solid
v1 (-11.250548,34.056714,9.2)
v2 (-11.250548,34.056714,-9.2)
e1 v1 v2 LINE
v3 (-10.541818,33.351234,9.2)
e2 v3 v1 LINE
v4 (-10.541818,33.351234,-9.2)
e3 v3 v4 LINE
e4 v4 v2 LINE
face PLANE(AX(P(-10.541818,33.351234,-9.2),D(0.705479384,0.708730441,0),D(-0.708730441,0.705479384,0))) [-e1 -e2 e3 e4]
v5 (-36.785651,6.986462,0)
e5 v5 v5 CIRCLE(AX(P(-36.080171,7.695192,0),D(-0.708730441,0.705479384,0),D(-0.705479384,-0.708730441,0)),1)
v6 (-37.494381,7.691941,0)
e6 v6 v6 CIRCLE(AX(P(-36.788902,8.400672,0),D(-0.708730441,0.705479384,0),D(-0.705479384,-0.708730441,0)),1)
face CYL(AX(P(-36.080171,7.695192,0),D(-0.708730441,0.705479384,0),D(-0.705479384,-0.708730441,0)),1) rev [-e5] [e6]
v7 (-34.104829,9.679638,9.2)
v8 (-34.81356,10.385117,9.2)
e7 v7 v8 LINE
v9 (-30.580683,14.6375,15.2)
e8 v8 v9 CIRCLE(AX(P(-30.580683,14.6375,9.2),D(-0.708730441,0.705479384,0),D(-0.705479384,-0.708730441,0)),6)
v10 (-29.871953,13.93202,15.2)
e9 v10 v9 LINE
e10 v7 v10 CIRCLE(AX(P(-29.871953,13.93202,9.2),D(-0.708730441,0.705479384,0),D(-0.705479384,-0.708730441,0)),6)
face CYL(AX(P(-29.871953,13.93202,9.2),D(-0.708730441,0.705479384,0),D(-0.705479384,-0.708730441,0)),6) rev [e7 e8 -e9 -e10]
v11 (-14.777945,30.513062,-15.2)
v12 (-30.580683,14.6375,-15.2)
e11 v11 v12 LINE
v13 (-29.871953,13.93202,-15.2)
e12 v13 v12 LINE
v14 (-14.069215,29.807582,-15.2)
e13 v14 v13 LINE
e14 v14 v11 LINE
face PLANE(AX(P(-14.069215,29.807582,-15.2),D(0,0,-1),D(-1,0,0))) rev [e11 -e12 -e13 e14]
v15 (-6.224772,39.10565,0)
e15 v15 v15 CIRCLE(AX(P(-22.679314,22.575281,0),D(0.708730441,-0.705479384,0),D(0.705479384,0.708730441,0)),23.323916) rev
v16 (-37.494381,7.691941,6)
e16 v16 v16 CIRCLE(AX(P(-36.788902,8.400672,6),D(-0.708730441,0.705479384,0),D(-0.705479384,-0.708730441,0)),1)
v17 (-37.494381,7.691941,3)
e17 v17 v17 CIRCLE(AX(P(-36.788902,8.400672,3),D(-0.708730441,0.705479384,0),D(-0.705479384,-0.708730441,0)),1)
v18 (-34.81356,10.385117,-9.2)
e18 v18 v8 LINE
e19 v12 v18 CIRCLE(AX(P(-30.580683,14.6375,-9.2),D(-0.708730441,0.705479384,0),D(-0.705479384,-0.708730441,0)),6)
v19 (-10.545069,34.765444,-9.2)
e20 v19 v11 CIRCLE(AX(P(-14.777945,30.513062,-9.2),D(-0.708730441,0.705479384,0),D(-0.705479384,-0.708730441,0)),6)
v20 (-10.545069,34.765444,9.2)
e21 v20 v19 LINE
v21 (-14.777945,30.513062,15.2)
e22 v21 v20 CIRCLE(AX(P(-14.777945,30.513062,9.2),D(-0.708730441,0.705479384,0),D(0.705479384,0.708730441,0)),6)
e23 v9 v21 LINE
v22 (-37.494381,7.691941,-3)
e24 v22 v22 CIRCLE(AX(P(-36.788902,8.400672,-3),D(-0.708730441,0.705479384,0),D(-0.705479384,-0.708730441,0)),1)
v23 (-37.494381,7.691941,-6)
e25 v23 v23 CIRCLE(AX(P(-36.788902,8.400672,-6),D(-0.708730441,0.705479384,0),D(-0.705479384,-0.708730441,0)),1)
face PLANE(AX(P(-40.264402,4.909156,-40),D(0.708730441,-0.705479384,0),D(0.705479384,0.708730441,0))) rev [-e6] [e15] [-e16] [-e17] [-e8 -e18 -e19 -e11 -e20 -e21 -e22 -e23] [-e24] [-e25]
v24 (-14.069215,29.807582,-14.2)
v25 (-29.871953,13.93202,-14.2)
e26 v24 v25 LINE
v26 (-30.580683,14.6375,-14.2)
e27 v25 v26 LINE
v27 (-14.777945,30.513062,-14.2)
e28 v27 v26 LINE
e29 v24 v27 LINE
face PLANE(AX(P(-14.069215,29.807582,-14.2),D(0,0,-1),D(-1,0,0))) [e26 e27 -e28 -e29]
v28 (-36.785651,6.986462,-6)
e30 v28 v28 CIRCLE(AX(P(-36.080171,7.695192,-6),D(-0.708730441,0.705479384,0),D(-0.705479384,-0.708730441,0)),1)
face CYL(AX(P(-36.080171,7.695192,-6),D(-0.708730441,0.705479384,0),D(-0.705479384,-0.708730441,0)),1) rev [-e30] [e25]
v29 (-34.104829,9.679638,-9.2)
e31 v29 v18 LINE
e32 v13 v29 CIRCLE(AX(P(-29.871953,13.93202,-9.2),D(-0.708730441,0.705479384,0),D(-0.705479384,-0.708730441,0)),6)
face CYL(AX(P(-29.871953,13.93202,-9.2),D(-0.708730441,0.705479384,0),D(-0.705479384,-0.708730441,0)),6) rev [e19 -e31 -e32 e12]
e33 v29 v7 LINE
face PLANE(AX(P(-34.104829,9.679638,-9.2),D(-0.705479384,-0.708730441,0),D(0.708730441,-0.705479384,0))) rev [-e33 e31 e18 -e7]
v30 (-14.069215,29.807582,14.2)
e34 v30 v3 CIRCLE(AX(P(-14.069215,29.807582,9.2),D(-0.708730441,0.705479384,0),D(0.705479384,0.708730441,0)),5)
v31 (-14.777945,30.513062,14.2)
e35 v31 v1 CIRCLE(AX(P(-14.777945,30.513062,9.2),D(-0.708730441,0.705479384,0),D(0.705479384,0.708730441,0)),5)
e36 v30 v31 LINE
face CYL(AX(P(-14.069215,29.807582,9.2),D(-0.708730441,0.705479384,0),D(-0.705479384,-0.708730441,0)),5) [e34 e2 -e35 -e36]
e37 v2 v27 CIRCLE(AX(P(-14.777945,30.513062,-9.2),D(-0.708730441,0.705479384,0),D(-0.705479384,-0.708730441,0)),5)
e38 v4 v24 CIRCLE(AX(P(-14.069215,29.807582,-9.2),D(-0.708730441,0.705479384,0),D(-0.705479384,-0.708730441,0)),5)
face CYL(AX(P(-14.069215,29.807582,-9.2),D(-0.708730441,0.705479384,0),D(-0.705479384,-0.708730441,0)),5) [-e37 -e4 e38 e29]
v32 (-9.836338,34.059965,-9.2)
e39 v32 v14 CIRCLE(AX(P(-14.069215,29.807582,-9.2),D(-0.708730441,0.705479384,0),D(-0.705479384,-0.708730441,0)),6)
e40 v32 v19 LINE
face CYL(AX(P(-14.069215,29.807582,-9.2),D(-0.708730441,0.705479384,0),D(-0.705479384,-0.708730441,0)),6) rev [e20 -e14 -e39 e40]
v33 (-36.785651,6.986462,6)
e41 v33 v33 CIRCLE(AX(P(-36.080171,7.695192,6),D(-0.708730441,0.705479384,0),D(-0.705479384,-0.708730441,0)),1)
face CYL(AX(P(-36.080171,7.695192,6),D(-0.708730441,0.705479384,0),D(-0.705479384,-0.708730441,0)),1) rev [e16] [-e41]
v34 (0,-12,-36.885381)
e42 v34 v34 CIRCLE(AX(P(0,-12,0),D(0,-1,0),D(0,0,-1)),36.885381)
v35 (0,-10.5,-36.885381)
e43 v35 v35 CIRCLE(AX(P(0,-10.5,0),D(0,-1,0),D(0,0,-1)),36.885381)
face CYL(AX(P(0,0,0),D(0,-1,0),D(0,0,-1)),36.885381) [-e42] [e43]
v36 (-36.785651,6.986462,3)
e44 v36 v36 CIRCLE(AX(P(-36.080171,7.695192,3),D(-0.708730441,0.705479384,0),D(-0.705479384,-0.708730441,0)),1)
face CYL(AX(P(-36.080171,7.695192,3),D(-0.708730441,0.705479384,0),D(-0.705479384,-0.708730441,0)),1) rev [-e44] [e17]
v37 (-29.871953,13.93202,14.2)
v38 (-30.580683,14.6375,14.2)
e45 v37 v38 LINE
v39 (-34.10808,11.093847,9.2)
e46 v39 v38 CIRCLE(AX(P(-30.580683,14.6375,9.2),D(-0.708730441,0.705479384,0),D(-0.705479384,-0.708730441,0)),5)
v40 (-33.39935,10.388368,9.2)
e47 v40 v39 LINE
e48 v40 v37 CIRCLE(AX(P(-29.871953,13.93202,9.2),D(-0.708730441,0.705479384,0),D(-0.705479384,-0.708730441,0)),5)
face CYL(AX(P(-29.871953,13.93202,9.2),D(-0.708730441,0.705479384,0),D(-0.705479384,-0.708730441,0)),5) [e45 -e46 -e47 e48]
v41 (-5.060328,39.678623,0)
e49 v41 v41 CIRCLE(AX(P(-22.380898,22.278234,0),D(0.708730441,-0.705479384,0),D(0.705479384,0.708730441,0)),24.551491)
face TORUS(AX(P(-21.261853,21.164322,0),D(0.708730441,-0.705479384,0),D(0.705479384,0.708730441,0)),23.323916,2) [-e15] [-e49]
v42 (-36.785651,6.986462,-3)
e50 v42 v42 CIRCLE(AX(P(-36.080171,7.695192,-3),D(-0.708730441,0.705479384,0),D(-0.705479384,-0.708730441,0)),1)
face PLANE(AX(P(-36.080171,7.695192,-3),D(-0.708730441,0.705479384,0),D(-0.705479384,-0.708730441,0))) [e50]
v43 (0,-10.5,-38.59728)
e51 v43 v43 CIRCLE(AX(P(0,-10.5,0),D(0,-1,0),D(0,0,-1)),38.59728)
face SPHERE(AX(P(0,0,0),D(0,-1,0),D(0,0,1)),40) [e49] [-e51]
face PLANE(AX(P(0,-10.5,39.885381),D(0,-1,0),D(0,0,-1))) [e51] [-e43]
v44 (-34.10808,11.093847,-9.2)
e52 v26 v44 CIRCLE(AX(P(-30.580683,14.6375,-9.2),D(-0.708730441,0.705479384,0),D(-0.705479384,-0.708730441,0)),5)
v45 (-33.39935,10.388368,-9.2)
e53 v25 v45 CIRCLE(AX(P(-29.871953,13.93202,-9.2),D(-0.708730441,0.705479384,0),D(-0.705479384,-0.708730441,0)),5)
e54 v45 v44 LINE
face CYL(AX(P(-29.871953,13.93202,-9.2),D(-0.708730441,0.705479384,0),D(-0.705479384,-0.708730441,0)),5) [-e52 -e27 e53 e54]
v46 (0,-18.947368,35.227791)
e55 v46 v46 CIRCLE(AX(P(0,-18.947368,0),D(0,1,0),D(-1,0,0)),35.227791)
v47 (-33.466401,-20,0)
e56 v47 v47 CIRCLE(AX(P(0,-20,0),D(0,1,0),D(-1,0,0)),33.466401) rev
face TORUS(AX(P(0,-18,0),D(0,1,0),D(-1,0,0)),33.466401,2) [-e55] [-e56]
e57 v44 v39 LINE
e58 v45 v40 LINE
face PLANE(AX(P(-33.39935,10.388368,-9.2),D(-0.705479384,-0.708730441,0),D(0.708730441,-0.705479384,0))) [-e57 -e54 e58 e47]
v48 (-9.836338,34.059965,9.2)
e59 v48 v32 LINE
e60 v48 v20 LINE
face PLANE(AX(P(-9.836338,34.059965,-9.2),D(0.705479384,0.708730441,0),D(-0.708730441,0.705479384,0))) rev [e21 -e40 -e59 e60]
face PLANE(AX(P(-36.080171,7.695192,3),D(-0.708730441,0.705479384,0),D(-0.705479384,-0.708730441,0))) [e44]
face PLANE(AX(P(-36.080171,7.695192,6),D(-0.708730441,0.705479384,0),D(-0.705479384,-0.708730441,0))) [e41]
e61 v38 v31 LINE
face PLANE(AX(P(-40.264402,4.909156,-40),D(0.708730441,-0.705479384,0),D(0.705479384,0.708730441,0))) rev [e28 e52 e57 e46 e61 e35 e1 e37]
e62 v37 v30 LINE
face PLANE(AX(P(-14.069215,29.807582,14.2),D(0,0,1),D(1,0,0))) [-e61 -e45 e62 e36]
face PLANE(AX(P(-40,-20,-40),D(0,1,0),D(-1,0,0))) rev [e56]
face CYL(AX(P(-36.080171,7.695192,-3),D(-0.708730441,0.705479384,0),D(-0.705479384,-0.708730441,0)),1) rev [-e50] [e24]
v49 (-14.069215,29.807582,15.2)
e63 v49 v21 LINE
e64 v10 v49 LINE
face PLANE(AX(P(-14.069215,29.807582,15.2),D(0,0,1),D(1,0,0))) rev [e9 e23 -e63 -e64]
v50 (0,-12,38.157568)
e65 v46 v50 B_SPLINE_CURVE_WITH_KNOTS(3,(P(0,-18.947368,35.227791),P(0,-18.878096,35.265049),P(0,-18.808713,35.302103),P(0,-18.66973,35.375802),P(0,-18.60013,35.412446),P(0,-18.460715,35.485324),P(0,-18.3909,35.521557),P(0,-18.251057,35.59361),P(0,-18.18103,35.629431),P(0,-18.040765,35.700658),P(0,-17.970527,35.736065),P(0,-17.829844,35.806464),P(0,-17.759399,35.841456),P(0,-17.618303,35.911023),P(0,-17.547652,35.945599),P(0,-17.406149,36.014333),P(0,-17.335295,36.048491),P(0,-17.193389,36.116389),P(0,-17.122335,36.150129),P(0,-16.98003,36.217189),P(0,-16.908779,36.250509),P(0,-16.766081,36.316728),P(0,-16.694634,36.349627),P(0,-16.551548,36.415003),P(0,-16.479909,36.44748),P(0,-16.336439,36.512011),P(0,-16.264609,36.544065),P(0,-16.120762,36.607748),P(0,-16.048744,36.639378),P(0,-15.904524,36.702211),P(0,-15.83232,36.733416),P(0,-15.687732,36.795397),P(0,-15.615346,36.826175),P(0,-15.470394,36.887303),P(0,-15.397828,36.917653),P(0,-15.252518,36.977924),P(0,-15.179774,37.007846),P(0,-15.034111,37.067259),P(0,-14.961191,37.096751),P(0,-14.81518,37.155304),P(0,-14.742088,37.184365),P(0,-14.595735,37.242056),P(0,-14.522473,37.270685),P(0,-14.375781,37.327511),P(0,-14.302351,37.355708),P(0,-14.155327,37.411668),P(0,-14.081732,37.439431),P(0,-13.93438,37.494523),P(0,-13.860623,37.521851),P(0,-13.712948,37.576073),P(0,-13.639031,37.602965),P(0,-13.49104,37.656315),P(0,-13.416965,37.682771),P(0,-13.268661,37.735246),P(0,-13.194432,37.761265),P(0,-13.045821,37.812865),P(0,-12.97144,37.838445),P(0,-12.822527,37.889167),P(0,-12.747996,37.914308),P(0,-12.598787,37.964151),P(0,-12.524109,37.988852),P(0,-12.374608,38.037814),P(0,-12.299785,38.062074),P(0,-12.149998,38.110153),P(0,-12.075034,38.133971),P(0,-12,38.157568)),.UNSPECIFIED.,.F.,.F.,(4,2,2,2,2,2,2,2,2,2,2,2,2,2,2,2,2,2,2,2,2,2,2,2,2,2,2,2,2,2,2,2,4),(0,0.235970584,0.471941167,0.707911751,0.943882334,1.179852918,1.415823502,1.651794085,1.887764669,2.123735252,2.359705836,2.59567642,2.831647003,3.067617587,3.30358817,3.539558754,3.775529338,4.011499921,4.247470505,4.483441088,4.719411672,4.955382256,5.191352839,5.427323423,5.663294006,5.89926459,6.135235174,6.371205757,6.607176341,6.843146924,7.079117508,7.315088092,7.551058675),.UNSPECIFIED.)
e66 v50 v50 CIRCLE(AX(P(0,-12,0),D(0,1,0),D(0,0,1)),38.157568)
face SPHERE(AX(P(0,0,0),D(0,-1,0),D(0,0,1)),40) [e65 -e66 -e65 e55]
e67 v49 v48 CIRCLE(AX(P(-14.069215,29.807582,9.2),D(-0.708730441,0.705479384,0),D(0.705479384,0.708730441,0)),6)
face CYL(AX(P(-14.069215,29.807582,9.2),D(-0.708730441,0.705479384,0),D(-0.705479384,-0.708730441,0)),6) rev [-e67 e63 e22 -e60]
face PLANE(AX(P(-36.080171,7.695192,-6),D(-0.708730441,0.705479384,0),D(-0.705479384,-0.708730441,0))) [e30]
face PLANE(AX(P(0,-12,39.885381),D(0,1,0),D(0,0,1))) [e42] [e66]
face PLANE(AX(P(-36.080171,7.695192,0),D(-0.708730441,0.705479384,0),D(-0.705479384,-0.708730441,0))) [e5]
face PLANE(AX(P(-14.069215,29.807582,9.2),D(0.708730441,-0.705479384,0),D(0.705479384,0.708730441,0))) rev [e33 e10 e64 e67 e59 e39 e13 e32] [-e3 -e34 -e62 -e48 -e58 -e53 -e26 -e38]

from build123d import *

# Parameters (mm, degrees)
CUT_EXTRUDE1_DEPTH      = 70.282032303
CUT_EXTRUDE1_DEPTH_BACK = 70.282032303
SKETCH3_W               = 80
SKETCH3_H               = 50
CUT_EXTRUDE2_DEPTH      = 70.282032303
CUT_EXTRUDE2_DEPTH_BACK = 70.282032303
CUT_EXTRUDE3_DEPTH      = 1
SKETCH6_R               = 1
CUT_EXTRUDE4_DEPTH      = 1
FILLET1_R               = 2
SKETCH7_W               = 3
SKETCH7_H               = 1.5
FILLET2_R               = 2


with BuildPart() as part:
    # Sketch2 → Revolve4 (revolve)
    with BuildSketch(Plane(origin=(0, 0, 0), x_dir=(0, 0, -1), z_dir=(1, 0, 0))):
        with BuildLine():
            Line((0, 40), (0, -40))
            ThreePointArc((0, -40), (-40, 0), (0, 40))
        make_face()
    revolve(axis=Axis((0, 0, 0), (0, 1, 0)))

    # Sketch3 → Cut-Extrude1 (cut, two sides: drawn at the far end of the back side and taken through both)
    with BuildSketch(Plane.XY.offset(-CUT_EXTRUDE1_DEPTH_BACK)):
        with Locations((0, -45)):
            Rectangle(SKETCH3_W, SKETCH3_H)
    extrude(amount=CUT_EXTRUDE1_DEPTH + CUT_EXTRUDE1_DEPTH_BACK, mode=Mode.SUBTRACT)

    # Sketch4 → Cut-Extrude2 (cut, two sides: drawn at the far end of the back side and taken through both)
    with BuildSketch(Plane.XY.offset(-CUT_EXTRUDE2_DEPTH_BACK)):
        Polygon((-40.264401604, 4.909155965), (-4.990432392, 40.34567803), (-21.331481222, 54.070064096), (-80.21701071, 4.909155965), align=None)
    extrude(amount=CUT_EXTRUDE2_DEPTH + CUT_EXTRUDE2_DEPTH_BACK, mode=Mode.SUBTRACT)

    # Sketch5 → Cut-Extrude3 (cut)
    with BuildSketch(Plane(origin=(-22.679314195, 22.575280643, 0), x_dir=(0, 0, 1), z_dir=(-0.708730441300506, 0.705479384230319, 0))):
        with BuildLine():
            Line((15.2, 11.2), (15.2, -11.2))
            ThreePointArc((15.2, -11.2), (13.442640687, -15.442640687), (9.2, -17.2))
            Line((9.2, -17.2), (-9.2, -17.2))
            ThreePointArc((-9.2, -17.2), (-13.442640687, -15.442640687), (-15.2, -11.2))
            Line((-15.2, -11.2), (-15.2, 11.2))
            ThreePointArc((-15.2, 11.2), (-13.442640687, 15.442640687), (-9.2, 17.2))
            Line((-9.2, 17.2), (9.2, 17.2))
            ThreePointArc((9.2, 17.2), (13.442640687, 15.442640687), (15.2, 11.2))
        make_face()
        with BuildLine():
            Line((-9.2, 16.2), (9.2, 16.2))
            ThreePointArc((9.2, 16.2), (12.735533906, 14.735533906), (14.2, 11.2))
            Line((14.2, 11.2), (14.2, -11.2))
            ThreePointArc((14.2, -11.2), (12.735533906, -14.735533906), (9.2, -16.2))
            Line((9.2, -16.2), (-9.2, -16.2))
            ThreePointArc((-9.2, -16.2), (-12.735533906, -14.735533906), (-14.2, -11.2))
            Line((-14.2, -11.2), (-14.2, 11.2))
            ThreePointArc((-14.2, 11.2), (-12.735533906, 14.735533906), (-9.2, 16.2))
        make_face(mode=Mode.SUBTRACT)
    extrude(amount=-CUT_EXTRUDE3_DEPTH, mode=Mode.SUBTRACT)

    # Sketch6 → Cut-Extrude4 (cut)
    with BuildSketch(Plane(origin=(-22.679314195, 22.575280643, 0), x_dir=(0, 0, 1), z_dir=(-0.708730441300506, 0.705479384230319, 0))):
        with Locations(Location((0, -20, 0), (0, 0, 270))):
            Circle(SKETCH6_R)
        with Locations(Location((3, -20, 0), (0, 0, 270))):
            Circle(SKETCH6_R)
        with Locations(Location((6, -20, 0), (0, 0, 270))):
            Circle(SKETCH6_R)
        with Locations(Location((-3, -20, 0), (0, 0, 270))):
            Circle(SKETCH6_R)
        with Locations(Location((-6, -20, 0), (0, 0, 270))):
            Circle(SKETCH6_R)
    extrude(amount=-CUT_EXTRUDE4_DEPTH, mode=Mode.SUBTRACT)

    # Fillet1
    fillet1_edges = [part.edges().sort_by_distance(p)[0] for p in [
        (-5.747729438, 39.584891137, 0),
    ]]
    fillet(fillet1_edges, radius=FILLET1_R)

    # Sketch7 → Cut-Revolve1 (revolve, cut)
    with BuildSketch(Plane(origin=(0, 0, 0), x_dir=(0, 0, -1), z_dir=(1, 0, 0))):
        with Locations((-38.385381332, -11.25)):
            Rectangle(SKETCH7_W, SKETCH7_H)
    revolve(axis=Axis((0, 0, 0), (0, 1, 0)), mode=Mode.SUBTRACT)

    # Fillet2
    fillet2_edges = [part.edges().sort_by_distance(p)[0] for p in [
        (0, -20, -34.641016151),
    ]]
    fillet(fillet2_edges, radius=FILLET2_R)


solid = part.part
